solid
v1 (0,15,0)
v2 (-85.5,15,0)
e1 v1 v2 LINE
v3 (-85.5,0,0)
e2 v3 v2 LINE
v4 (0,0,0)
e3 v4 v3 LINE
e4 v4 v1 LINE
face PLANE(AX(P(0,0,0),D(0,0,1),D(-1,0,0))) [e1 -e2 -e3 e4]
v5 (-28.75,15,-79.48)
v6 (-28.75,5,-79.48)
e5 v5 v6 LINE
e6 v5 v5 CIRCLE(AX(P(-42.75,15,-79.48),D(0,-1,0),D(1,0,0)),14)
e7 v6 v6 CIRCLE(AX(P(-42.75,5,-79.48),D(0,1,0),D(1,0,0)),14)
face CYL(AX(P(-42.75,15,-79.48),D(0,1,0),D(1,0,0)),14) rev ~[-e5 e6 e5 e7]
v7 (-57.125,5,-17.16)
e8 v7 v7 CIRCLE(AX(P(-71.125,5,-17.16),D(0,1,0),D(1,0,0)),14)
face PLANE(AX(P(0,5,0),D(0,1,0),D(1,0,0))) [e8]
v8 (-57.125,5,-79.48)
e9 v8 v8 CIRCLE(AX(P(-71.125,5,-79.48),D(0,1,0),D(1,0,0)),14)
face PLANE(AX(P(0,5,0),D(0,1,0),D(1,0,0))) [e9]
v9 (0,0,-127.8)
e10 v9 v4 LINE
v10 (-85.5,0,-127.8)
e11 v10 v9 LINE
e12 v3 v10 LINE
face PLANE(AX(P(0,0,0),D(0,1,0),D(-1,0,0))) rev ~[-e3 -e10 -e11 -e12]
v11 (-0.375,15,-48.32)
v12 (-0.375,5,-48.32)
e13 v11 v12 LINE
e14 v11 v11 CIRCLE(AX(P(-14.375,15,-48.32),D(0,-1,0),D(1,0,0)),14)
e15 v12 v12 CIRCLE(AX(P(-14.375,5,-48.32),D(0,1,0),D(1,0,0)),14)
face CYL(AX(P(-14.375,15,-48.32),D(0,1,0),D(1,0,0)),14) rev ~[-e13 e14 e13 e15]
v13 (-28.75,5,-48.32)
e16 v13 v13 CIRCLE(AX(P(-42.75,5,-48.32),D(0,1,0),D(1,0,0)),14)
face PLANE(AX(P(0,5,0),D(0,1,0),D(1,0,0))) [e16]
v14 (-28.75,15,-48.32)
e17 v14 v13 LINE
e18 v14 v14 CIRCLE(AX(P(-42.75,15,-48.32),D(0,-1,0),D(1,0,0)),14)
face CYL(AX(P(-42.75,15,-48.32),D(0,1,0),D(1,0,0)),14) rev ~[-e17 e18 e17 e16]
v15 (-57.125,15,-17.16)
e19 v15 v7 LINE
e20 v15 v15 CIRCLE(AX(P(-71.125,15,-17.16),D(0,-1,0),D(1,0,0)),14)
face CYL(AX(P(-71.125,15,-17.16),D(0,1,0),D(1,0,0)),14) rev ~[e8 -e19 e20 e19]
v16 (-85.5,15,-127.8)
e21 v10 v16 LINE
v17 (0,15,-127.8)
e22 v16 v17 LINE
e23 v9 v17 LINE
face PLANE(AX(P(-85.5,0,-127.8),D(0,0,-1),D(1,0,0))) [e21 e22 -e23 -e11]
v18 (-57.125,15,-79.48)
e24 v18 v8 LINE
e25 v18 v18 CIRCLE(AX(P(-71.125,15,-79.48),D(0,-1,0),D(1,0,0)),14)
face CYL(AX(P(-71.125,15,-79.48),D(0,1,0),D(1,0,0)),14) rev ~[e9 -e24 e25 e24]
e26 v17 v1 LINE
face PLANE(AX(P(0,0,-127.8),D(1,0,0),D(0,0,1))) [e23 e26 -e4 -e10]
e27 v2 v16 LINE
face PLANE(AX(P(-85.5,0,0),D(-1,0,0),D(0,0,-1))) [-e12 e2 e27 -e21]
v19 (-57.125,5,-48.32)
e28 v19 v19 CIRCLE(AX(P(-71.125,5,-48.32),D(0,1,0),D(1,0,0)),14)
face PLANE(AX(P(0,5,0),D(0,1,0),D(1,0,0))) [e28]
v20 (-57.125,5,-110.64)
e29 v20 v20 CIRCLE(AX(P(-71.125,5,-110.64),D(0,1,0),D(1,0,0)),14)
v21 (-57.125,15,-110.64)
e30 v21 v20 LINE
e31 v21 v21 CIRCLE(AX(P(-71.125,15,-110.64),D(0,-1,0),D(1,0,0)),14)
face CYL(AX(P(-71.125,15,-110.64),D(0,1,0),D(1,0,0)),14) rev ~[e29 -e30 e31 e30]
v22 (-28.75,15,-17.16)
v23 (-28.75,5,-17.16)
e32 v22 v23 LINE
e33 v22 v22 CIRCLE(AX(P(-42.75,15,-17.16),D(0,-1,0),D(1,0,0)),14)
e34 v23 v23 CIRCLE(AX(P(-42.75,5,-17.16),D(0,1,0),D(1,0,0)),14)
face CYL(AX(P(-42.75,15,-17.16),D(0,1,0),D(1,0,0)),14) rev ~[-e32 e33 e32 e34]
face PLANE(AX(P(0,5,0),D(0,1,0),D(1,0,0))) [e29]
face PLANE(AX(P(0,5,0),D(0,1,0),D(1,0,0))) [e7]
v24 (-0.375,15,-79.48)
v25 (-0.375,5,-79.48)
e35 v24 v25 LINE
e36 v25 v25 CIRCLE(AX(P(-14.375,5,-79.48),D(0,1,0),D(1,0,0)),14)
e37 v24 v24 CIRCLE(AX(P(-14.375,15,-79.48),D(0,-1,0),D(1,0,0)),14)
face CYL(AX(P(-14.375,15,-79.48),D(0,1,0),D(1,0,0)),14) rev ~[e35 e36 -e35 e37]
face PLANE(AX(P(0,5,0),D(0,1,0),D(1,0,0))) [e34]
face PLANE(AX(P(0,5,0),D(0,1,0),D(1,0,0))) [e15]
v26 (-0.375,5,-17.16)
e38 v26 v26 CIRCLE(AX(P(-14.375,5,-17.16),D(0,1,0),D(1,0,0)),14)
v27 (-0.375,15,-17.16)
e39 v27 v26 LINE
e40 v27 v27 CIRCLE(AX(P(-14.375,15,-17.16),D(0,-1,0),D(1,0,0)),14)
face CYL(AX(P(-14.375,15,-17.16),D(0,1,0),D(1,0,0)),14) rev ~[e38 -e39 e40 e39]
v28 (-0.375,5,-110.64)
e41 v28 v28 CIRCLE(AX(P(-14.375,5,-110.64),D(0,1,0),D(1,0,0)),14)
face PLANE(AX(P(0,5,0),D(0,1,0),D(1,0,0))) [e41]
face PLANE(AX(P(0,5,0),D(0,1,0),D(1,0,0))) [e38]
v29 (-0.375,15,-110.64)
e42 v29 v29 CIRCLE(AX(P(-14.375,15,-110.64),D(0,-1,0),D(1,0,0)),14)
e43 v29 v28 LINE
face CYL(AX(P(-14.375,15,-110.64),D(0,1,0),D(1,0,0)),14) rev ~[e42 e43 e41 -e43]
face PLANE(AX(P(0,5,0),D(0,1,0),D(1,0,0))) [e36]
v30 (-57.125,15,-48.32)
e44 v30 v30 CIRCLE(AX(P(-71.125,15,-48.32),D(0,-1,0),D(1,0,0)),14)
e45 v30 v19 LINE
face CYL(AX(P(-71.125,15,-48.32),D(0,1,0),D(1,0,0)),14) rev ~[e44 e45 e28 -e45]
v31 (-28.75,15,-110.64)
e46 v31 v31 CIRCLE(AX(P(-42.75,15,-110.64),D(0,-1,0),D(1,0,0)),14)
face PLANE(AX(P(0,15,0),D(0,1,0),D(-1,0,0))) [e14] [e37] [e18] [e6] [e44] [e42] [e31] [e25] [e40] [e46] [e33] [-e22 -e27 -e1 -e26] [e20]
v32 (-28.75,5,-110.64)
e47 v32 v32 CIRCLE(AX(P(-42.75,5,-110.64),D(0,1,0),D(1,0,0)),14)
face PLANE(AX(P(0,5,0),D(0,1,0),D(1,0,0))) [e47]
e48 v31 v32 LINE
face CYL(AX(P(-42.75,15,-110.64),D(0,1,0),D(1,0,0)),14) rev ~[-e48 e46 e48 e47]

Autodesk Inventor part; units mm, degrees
ref_plane "YZ Plane" through (0, 0, 0) normal (1, 0, 0) x (0, 1, 0)
ref_plane "XZ Plane" through (0, 0, 0) normal (0, 1, 0) x (-1, 0, 0)
ref_plane "XY Plane" through (0, 0, 0) normal (0, 0, 1) x (1, 0, 0)
sketch "Sketch1" plane through (0, 0, 0) normal (0, 1, 0) x (-1, 0, 0)
  point P0 (0, 0)
sketch "Sketch2" plane through (0, 0, 0) normal (0, 1, 0) x (-1, 0, 0)
  line L0 (0, 0) -> (85.5, 0)
  line L1 (85.5, 0) -> (85.5, -127.8)
  line L2 (85.5, -127.8) -> (0, -127.8)
  line L3 (0, -127.8) -> (0, 0)
  dimension "d0" = 85.5
  dimension "d1" = 127.8
extrude "Extrusion1" add sketch "Sketch2" along normal blind 15
sketch "Sketch3" plane through (0, 15, 0) normal (0, 1, 0) x (1, 0, 0)
  point P0 (0, 0)
sketch "Sketch5" plane through (0, 15, 0) normal (0, 1, 0) x (1, 0, 0)
  line L0 (0, 127.8) -> (-85.5, 127.8) projected
  line L1 (-85.5, 127.8) -> (-85.5, 0) projected
  line L2 (0, 127.8) -> (-85.5, 127.8)
  line L3 (-85.5, 127.8) -> (-85.5, 124.64)
  line L4 (-85.5, 124.64) -> (0, 124.64)
  line L5 (0, 124.64) -> (0, 127.8)
  line L6 (0, 124.64) -> (-85.5, 124.64)
  line L7 (-85.5, 124.64) -> (-85.5, 96.64)
  line L8 (-85.5, 96.64) -> (0, 96.64)
  line L9 (0, 96.64) -> (0, 124.64)
  line L10 (0, 96.64) -> (-85.5, 96.64)
  line L11 (-85.5, 96.64) -> (-85.5, 93.48)
  line L12 (-85.5, 93.48) -> (0, 93.48)
  line L13 (0, 93.48) -> (0, 96.64)
  line L14 (0, 93.48) -> (-85.5, 93.48)
  line L15 (-85.5, 93.48) -> (-85.5, 65.48)
  line L16 (-85.5, 65.48) -> (0, 65.48)
  line L17 (0, 65.48) -> (0, 93.48)
  line L18 (0, 65.48) -> (-85.5, 65.48)
  line L19 (-85.5, 65.48) -> (-85.5, 62.32)
  line L20 (-85.5, 62.32) -> (0, 62.32)
  line L21 (0, 62.32) -> (0, 65.48)
  line L22 (0, 62.32) -> (-85.5, 62.32)
  line L23 (-85.5, 62.32) -> (-85.5, 34.32)
  line L24 (-85.5, 34.32) -> (0, 34.32)
  line L25 (0, 34.32) -> (0, 62.32)
  line L26 (0, 34.32) -> (-85.5, 34.32)
  line L27 (-85.5, 34.32) -> (-85.5, 31.16)
  line L28 (-85.5, 31.16) -> (0, 31.16)
  line L29 (0, 31.16) -> (0, 34.32)
  line L30 (0, 31.16) -> (-85.5, 31.16)
  line L31 (-85.5, 31.16) -> (-85.5, 3.16)
  line L32 (-85.5, 3.16) -> (0, 3.16)
  line L33 (0, 3.16) -> (0, 31.16)
  line L34 (0, 0) -> (0, 127.8) projected
  line L35 (-85.5, 0) -> (0, 0) projected
  line L36 (0, 127.8) -> (-0.375, 127.8)
  line L37 (-0.375, 127.8) -> (-0.375, 0)
  line L38 (-0.375, 0) -> (0, 0)
  line L39 (0, 0) -> (0, 127.8)
  line L40 (-0.375, 0) -> (-28.375, 0)
  line L41 (-28.375, 0) -> (-28.375, 127.8)
  line L42 (-28.375, 127.8) -> (-0.375, 127.8)
  line L43 (-0.375, 127.8) -> (-0.375, 0)
  line L44 (-28.375, 127.8) -> (-28.75, 127.8)
  line L45 (-28.75, 127.8) -> (-28.75, 3.16)
  line L46 (-28.75, 3.16) -> (-28.375, 3.16)
  line L47 (-28.375, 3.16) -> (-28.375, 127.8)
  line L48 (-28.75, 127.8) -> (-56.75, 127.8)
  line L49 (-56.75, 127.8) -> (-56.75, 3.16)
  line L50 (-56.75, 3.16) -> (-28.75, 3.16)
  line L51 (-28.75, 3.16) -> (-28.75, 127.8)
  line L52 (-56.75, 127.8) -> (-57.125, 127.8)
  line L53 (-57.125, 127.8) -> (-57.125, 3.16)
  line L54 (-57.125, 3.16) -> (-56.75, 3.16)
  line L55 (-56.75, 3.16) -> (-56.75, 127.8)
  line L56 (-57.125, 127.8) -> (-85.125, 127.8)
  line L57 (-85.125, 127.8) -> (-85.125, 3.16)
  line L58 (-85.125, 3.16) -> (-57.125, 3.16)
  line L59 (-57.125, 3.16) -> (-57.125, 127.8)
  circle A0 centre (-14.375, 110.64) radius 14
  circle A1 centre (-14.375, 79.48) radius 14
  circle A2 centre (-14.375, 48.32) radius 14
  circle A3 centre (-14.375, 17.16) radius 14
  circle A4 centre (-42.75, 110.64) radius 14
  circle A5 centre (-42.75, 79.48) radius 14
  circle A6 centre (-42.75, 48.32) radius 14
  circle A7 centre (-42.75, 17.16) radius 14
  circle A8 centre (-71.125, 17.16) radius 14
  circle A9 centre (-71.125, 48.32) radius 14
  circle A10 centre (-71.125, 79.48) radius 14
  circle A11 centre (-71.125, 110.64) radius 14
  dimension "d22" = 3.16
  dimension "d23" = 28
  dimension "d24" = 3.16
  dimension "d25" = 28
  dimension "d26" = 3.16
  dimension "d27" = 28
  dimension "d28" = 3.16
  dimension "d29" = 28
  dimension "d30" = 0.375
  dimension "d31" = 28
  dimension "d32" = 0.375
  dimension "d33" = 28
  dimension "d34" = 0.375
  dimension "d35" = 28
extrude "Extrusion3" cut sketch "Sketch5" against normal blind 10 contours A0 | A4 | A1 | A11 | A2 | A5 | A3 | A10 | A6 | A7 | A9 | A8
properties part number "scintillationvialholder2"
